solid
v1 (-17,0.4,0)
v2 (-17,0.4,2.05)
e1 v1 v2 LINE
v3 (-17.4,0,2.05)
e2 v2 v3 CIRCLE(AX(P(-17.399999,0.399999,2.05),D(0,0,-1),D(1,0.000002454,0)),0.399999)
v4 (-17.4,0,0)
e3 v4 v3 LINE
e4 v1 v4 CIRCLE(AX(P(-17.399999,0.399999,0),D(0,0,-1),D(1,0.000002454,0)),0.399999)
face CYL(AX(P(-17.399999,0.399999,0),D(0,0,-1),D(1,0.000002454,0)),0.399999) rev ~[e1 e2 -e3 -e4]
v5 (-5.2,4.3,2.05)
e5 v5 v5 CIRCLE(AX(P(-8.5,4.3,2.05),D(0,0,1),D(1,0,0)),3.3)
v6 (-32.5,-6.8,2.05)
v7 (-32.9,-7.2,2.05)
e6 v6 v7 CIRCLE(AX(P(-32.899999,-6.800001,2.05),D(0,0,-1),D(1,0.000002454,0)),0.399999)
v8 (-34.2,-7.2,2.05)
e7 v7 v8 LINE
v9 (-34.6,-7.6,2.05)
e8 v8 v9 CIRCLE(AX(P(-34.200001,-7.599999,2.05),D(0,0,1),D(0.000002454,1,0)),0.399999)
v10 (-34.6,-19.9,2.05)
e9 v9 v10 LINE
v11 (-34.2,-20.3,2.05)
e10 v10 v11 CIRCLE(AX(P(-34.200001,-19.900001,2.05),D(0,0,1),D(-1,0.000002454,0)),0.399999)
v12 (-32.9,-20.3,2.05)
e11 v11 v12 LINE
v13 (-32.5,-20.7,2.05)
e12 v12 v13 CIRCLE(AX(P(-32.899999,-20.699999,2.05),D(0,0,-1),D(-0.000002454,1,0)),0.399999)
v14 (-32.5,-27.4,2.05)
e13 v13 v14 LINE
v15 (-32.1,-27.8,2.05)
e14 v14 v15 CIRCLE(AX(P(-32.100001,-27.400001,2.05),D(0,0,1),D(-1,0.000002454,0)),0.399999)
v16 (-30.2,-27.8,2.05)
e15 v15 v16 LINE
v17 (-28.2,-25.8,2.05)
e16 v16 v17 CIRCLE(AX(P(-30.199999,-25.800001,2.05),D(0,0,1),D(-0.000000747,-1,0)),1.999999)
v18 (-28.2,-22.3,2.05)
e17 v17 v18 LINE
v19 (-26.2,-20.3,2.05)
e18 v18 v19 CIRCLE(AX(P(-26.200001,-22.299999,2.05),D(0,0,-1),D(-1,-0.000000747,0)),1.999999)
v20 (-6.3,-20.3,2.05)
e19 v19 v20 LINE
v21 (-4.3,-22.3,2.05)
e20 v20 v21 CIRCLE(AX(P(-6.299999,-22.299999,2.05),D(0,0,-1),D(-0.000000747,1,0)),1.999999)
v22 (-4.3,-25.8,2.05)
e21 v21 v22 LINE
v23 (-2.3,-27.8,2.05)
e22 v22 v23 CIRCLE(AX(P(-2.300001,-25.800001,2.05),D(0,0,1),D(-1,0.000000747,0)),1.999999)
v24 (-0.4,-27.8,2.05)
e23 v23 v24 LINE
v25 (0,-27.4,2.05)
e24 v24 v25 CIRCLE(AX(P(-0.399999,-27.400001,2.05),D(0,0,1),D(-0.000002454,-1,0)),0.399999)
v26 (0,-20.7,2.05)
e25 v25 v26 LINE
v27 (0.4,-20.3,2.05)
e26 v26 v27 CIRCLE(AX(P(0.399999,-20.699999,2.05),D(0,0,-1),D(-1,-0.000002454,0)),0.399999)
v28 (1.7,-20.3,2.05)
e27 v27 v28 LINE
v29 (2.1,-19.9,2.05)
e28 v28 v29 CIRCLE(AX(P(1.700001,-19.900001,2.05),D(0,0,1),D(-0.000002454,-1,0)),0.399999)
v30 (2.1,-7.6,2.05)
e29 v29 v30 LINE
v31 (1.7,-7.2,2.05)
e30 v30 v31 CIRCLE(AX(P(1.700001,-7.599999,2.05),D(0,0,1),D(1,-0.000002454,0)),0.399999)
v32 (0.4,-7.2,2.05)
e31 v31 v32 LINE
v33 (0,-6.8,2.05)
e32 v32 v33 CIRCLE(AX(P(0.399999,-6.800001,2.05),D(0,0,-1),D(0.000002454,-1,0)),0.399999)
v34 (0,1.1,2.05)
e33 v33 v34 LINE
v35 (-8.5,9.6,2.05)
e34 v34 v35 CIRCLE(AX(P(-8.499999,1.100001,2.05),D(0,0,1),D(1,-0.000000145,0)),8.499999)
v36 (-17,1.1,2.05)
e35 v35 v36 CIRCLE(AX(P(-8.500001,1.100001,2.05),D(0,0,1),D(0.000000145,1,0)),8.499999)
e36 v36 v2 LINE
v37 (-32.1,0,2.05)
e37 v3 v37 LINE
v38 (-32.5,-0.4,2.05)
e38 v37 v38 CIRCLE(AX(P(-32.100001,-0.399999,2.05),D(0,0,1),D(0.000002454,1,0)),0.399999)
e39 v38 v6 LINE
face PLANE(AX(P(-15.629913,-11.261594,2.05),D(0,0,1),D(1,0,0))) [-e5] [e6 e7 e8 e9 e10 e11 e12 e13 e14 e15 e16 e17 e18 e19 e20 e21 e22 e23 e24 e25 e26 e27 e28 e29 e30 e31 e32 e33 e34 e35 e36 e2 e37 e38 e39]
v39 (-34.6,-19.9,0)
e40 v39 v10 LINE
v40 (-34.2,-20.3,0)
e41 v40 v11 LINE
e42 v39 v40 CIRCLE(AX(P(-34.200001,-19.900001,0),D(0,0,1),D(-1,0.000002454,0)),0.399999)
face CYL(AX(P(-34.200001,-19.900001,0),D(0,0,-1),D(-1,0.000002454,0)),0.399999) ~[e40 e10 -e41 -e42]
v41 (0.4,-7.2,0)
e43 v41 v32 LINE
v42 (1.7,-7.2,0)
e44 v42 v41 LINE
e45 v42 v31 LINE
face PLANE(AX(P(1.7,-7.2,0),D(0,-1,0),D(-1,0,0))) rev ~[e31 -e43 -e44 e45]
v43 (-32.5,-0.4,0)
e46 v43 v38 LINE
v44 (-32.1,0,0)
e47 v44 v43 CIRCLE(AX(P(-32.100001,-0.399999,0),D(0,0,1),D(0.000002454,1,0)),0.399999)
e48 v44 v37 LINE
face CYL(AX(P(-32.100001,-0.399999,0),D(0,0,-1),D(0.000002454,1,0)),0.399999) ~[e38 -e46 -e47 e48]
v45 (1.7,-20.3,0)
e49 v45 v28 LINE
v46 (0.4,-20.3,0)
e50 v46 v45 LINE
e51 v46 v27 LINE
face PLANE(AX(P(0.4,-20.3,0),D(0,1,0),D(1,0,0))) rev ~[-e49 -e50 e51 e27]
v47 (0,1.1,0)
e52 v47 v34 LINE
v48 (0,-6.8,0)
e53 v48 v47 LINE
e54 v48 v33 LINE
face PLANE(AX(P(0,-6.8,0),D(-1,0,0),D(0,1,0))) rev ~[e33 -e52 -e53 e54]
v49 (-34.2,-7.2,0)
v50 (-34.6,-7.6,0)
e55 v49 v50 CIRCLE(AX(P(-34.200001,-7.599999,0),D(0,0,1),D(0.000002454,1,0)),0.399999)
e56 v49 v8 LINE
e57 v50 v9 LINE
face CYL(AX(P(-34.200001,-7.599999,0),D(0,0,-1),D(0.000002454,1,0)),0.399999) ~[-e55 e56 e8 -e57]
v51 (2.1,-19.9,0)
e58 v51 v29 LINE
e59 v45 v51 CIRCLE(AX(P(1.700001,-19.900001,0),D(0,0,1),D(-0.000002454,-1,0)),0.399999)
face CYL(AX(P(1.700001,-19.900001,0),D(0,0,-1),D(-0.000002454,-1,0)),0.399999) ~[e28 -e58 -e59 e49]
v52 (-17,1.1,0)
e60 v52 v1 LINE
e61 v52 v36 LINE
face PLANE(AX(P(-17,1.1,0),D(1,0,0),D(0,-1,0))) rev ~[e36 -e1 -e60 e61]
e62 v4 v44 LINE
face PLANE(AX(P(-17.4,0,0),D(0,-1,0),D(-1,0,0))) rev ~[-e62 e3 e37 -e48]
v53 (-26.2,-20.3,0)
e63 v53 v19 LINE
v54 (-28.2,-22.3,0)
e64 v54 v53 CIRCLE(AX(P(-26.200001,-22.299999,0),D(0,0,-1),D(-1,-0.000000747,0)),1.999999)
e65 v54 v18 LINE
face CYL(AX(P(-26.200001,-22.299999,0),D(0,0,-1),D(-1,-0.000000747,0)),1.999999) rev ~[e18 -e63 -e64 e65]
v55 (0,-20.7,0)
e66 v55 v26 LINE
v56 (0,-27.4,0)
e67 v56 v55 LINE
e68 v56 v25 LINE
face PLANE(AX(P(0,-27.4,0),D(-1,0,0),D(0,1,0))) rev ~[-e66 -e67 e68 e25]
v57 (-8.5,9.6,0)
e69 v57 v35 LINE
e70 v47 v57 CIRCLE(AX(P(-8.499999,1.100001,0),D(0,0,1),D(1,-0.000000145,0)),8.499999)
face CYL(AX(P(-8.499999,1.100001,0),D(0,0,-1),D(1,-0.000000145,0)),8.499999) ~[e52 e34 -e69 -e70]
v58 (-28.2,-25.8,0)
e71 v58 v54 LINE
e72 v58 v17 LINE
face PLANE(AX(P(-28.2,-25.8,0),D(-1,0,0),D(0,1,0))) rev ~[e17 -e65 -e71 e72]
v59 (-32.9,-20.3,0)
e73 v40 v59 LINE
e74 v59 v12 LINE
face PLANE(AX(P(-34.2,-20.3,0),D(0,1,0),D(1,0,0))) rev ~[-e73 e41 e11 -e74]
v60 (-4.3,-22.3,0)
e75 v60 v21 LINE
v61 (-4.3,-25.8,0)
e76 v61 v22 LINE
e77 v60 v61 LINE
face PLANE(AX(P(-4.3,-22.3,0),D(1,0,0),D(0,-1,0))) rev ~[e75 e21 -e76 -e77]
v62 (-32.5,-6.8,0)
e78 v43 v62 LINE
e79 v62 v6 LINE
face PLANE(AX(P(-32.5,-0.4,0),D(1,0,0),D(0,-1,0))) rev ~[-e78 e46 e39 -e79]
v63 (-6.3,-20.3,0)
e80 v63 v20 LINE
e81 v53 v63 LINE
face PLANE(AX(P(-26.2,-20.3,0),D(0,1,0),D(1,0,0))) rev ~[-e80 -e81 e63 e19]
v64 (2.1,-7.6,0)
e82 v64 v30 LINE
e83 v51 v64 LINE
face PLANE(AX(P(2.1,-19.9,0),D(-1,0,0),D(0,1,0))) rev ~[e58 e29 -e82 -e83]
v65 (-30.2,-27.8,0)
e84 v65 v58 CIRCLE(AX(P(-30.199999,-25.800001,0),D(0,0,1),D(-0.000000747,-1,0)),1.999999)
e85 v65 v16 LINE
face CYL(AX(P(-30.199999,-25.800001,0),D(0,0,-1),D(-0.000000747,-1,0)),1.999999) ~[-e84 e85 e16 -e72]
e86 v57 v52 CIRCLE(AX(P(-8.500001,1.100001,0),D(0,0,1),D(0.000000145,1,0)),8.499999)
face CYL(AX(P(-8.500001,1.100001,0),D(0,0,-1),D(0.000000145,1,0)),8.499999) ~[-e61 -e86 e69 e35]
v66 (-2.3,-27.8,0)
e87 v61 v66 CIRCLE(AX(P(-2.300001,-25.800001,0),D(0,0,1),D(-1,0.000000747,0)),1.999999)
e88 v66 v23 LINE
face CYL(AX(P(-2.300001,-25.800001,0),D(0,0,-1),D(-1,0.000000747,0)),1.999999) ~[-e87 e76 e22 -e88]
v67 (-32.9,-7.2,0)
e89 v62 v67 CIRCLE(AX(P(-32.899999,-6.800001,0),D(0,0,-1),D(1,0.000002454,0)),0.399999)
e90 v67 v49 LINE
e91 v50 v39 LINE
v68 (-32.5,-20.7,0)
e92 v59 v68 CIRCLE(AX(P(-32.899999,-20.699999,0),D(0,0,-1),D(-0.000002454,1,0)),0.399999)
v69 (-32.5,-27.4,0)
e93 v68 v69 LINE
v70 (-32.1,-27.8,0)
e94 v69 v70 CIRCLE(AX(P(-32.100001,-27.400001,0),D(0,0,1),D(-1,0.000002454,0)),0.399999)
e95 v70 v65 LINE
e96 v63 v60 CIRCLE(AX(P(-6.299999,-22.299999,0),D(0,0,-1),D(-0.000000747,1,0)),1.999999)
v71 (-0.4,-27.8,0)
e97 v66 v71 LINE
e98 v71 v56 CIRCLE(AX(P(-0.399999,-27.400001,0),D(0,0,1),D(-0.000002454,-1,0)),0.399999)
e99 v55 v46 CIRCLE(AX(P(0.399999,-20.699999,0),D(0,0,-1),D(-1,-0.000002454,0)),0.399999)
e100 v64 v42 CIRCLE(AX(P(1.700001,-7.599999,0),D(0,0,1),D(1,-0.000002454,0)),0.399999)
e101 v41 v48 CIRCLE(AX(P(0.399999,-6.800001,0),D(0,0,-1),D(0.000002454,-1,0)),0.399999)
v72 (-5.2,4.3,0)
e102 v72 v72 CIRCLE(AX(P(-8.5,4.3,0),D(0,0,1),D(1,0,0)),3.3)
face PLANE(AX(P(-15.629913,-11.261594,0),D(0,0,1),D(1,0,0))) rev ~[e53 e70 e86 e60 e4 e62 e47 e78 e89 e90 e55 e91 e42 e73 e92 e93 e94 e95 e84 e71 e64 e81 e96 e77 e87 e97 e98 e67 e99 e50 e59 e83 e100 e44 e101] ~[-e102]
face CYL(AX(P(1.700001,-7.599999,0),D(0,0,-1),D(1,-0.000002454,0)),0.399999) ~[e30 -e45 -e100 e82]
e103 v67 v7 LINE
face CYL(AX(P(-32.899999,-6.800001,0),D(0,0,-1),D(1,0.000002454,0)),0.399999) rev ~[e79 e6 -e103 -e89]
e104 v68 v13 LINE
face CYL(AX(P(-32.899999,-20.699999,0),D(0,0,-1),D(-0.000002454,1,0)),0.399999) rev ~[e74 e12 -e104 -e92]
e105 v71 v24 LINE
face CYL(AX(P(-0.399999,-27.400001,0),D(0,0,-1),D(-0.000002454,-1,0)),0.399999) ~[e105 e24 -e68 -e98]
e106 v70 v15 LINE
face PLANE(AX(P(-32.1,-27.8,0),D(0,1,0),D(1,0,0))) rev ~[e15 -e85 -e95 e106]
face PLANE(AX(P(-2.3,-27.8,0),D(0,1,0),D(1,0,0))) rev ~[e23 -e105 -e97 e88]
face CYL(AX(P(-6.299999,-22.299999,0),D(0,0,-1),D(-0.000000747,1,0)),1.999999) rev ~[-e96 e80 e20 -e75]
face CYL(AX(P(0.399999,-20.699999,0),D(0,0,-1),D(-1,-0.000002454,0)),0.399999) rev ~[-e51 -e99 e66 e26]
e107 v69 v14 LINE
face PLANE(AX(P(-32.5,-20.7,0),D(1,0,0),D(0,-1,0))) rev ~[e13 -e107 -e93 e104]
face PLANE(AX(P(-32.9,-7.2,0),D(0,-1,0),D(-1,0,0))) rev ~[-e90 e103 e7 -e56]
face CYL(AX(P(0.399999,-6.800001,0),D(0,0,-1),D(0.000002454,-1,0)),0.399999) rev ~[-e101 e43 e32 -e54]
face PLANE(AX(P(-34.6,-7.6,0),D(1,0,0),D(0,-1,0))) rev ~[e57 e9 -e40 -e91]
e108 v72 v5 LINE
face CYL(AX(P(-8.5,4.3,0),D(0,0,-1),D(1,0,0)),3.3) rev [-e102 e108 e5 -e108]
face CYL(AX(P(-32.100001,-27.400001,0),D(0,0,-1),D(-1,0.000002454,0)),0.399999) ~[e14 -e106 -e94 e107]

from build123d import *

# Parameters (mm, degrees)
F0_R     = 3.3
F1_DEPTH = 2.05


with BuildPart() as f1:
    # F0 (on Top) → F1 (new body)
    with BuildSketch(Plane.XY):
        with BuildLine():
            Line((0, -6.8), (0, 0))
            Line((0, 0), (0, 1.1))
            ThreePointArc((0, 1.1), (-2.489592, 7.110408), (-8.5, 9.6))
            ThreePointArc((-8.5, 9.6), (-14.510408, 7.110408), (-17, 1.1))
            Line((-17, 1.1), (-17, 0.4))
            ThreePointArc((-17, 0.4), (-17.117157, 0.117157), (-17.4, 0))
            Line((-17.4, 0), (-32.1, 0))
            ThreePointArc((-32.1, 0), (-32.382843, -0.117157), (-32.5, -0.4))
            Line((-32.5, -0.4), (-32.5, -6.8))
            ThreePointArc((-32.5, -6.8), (-32.617157, -7.082843), (-32.9, -7.2))
            Line((-32.9, -7.2), (-34.2, -7.2))
            ThreePointArc((-34.2, -7.2), (-34.482843, -7.317157), (-34.6, -7.6))
            Line((-34.6, -7.6), (-34.6, -19.9))
            ThreePointArc((-34.6, -19.9), (-34.482843, -20.182843), (-34.2, -20.3))
            Line((-34.2, -20.3), (-32.9, -20.3))
            ThreePointArc((-32.9, -20.3), (-32.617157, -20.417157), (-32.5, -20.7))
            Line((-32.5, -20.7), (-32.5, -27.4))
            ThreePointArc((-32.5, -27.4), (-32.382843, -27.682843), (-32.1, -27.8))
            Line((-32.1, -27.8), (-30.2, -27.8))
            ThreePointArc((-30.2, -27.8), (-28.785786, -27.214214), (-28.2, -25.8))
            Line((-28.2, -25.8), (-28.2, -22.3))
            ThreePointArc((-28.2, -22.3), (-27.614214, -20.885786), (-26.2, -20.3))
            Line((-26.2, -20.3), (-6.3, -20.3))
            ThreePointArc((-6.3, -20.3), (-4.885786, -20.885786), (-4.3, -22.3))
            Line((-4.3, -22.3), (-4.3, -25.8))
            ThreePointArc((-4.3, -25.8), (-3.714214, -27.214214), (-2.3, -27.8))
            Line((-2.3, -27.8), (-0.4, -27.8))
            ThreePointArc((-0.4, -27.8), (-0.117157, -27.682843), (0, -27.4))
            Line((0, -27.4), (0, -20.7))
            ThreePointArc((0, -20.7), (0.117157, -20.417157), (0.4, -20.3))
            Line((0.4, -20.3), (1.7, -20.3))
            ThreePointArc((1.7, -20.3), (1.982843, -20.182843), (2.1, -19.9))
            Line((2.1, -19.9), (2.1, -7.6))
            ThreePointArc((2.1, -7.6), (1.982843, -7.317157), (1.7, -7.2))
            Line((1.7, -7.2), (0.4, -7.2))
            ThreePointArc((0.4, -7.2), (0.117157, -7.082843), (0, -6.8))
        make_face()
        with Locations((-8.5, 4.3)):
            Circle(F0_R, mode=Mode.SUBTRACT)
    extrude(amount=F1_DEPTH)


solid = f1.part
